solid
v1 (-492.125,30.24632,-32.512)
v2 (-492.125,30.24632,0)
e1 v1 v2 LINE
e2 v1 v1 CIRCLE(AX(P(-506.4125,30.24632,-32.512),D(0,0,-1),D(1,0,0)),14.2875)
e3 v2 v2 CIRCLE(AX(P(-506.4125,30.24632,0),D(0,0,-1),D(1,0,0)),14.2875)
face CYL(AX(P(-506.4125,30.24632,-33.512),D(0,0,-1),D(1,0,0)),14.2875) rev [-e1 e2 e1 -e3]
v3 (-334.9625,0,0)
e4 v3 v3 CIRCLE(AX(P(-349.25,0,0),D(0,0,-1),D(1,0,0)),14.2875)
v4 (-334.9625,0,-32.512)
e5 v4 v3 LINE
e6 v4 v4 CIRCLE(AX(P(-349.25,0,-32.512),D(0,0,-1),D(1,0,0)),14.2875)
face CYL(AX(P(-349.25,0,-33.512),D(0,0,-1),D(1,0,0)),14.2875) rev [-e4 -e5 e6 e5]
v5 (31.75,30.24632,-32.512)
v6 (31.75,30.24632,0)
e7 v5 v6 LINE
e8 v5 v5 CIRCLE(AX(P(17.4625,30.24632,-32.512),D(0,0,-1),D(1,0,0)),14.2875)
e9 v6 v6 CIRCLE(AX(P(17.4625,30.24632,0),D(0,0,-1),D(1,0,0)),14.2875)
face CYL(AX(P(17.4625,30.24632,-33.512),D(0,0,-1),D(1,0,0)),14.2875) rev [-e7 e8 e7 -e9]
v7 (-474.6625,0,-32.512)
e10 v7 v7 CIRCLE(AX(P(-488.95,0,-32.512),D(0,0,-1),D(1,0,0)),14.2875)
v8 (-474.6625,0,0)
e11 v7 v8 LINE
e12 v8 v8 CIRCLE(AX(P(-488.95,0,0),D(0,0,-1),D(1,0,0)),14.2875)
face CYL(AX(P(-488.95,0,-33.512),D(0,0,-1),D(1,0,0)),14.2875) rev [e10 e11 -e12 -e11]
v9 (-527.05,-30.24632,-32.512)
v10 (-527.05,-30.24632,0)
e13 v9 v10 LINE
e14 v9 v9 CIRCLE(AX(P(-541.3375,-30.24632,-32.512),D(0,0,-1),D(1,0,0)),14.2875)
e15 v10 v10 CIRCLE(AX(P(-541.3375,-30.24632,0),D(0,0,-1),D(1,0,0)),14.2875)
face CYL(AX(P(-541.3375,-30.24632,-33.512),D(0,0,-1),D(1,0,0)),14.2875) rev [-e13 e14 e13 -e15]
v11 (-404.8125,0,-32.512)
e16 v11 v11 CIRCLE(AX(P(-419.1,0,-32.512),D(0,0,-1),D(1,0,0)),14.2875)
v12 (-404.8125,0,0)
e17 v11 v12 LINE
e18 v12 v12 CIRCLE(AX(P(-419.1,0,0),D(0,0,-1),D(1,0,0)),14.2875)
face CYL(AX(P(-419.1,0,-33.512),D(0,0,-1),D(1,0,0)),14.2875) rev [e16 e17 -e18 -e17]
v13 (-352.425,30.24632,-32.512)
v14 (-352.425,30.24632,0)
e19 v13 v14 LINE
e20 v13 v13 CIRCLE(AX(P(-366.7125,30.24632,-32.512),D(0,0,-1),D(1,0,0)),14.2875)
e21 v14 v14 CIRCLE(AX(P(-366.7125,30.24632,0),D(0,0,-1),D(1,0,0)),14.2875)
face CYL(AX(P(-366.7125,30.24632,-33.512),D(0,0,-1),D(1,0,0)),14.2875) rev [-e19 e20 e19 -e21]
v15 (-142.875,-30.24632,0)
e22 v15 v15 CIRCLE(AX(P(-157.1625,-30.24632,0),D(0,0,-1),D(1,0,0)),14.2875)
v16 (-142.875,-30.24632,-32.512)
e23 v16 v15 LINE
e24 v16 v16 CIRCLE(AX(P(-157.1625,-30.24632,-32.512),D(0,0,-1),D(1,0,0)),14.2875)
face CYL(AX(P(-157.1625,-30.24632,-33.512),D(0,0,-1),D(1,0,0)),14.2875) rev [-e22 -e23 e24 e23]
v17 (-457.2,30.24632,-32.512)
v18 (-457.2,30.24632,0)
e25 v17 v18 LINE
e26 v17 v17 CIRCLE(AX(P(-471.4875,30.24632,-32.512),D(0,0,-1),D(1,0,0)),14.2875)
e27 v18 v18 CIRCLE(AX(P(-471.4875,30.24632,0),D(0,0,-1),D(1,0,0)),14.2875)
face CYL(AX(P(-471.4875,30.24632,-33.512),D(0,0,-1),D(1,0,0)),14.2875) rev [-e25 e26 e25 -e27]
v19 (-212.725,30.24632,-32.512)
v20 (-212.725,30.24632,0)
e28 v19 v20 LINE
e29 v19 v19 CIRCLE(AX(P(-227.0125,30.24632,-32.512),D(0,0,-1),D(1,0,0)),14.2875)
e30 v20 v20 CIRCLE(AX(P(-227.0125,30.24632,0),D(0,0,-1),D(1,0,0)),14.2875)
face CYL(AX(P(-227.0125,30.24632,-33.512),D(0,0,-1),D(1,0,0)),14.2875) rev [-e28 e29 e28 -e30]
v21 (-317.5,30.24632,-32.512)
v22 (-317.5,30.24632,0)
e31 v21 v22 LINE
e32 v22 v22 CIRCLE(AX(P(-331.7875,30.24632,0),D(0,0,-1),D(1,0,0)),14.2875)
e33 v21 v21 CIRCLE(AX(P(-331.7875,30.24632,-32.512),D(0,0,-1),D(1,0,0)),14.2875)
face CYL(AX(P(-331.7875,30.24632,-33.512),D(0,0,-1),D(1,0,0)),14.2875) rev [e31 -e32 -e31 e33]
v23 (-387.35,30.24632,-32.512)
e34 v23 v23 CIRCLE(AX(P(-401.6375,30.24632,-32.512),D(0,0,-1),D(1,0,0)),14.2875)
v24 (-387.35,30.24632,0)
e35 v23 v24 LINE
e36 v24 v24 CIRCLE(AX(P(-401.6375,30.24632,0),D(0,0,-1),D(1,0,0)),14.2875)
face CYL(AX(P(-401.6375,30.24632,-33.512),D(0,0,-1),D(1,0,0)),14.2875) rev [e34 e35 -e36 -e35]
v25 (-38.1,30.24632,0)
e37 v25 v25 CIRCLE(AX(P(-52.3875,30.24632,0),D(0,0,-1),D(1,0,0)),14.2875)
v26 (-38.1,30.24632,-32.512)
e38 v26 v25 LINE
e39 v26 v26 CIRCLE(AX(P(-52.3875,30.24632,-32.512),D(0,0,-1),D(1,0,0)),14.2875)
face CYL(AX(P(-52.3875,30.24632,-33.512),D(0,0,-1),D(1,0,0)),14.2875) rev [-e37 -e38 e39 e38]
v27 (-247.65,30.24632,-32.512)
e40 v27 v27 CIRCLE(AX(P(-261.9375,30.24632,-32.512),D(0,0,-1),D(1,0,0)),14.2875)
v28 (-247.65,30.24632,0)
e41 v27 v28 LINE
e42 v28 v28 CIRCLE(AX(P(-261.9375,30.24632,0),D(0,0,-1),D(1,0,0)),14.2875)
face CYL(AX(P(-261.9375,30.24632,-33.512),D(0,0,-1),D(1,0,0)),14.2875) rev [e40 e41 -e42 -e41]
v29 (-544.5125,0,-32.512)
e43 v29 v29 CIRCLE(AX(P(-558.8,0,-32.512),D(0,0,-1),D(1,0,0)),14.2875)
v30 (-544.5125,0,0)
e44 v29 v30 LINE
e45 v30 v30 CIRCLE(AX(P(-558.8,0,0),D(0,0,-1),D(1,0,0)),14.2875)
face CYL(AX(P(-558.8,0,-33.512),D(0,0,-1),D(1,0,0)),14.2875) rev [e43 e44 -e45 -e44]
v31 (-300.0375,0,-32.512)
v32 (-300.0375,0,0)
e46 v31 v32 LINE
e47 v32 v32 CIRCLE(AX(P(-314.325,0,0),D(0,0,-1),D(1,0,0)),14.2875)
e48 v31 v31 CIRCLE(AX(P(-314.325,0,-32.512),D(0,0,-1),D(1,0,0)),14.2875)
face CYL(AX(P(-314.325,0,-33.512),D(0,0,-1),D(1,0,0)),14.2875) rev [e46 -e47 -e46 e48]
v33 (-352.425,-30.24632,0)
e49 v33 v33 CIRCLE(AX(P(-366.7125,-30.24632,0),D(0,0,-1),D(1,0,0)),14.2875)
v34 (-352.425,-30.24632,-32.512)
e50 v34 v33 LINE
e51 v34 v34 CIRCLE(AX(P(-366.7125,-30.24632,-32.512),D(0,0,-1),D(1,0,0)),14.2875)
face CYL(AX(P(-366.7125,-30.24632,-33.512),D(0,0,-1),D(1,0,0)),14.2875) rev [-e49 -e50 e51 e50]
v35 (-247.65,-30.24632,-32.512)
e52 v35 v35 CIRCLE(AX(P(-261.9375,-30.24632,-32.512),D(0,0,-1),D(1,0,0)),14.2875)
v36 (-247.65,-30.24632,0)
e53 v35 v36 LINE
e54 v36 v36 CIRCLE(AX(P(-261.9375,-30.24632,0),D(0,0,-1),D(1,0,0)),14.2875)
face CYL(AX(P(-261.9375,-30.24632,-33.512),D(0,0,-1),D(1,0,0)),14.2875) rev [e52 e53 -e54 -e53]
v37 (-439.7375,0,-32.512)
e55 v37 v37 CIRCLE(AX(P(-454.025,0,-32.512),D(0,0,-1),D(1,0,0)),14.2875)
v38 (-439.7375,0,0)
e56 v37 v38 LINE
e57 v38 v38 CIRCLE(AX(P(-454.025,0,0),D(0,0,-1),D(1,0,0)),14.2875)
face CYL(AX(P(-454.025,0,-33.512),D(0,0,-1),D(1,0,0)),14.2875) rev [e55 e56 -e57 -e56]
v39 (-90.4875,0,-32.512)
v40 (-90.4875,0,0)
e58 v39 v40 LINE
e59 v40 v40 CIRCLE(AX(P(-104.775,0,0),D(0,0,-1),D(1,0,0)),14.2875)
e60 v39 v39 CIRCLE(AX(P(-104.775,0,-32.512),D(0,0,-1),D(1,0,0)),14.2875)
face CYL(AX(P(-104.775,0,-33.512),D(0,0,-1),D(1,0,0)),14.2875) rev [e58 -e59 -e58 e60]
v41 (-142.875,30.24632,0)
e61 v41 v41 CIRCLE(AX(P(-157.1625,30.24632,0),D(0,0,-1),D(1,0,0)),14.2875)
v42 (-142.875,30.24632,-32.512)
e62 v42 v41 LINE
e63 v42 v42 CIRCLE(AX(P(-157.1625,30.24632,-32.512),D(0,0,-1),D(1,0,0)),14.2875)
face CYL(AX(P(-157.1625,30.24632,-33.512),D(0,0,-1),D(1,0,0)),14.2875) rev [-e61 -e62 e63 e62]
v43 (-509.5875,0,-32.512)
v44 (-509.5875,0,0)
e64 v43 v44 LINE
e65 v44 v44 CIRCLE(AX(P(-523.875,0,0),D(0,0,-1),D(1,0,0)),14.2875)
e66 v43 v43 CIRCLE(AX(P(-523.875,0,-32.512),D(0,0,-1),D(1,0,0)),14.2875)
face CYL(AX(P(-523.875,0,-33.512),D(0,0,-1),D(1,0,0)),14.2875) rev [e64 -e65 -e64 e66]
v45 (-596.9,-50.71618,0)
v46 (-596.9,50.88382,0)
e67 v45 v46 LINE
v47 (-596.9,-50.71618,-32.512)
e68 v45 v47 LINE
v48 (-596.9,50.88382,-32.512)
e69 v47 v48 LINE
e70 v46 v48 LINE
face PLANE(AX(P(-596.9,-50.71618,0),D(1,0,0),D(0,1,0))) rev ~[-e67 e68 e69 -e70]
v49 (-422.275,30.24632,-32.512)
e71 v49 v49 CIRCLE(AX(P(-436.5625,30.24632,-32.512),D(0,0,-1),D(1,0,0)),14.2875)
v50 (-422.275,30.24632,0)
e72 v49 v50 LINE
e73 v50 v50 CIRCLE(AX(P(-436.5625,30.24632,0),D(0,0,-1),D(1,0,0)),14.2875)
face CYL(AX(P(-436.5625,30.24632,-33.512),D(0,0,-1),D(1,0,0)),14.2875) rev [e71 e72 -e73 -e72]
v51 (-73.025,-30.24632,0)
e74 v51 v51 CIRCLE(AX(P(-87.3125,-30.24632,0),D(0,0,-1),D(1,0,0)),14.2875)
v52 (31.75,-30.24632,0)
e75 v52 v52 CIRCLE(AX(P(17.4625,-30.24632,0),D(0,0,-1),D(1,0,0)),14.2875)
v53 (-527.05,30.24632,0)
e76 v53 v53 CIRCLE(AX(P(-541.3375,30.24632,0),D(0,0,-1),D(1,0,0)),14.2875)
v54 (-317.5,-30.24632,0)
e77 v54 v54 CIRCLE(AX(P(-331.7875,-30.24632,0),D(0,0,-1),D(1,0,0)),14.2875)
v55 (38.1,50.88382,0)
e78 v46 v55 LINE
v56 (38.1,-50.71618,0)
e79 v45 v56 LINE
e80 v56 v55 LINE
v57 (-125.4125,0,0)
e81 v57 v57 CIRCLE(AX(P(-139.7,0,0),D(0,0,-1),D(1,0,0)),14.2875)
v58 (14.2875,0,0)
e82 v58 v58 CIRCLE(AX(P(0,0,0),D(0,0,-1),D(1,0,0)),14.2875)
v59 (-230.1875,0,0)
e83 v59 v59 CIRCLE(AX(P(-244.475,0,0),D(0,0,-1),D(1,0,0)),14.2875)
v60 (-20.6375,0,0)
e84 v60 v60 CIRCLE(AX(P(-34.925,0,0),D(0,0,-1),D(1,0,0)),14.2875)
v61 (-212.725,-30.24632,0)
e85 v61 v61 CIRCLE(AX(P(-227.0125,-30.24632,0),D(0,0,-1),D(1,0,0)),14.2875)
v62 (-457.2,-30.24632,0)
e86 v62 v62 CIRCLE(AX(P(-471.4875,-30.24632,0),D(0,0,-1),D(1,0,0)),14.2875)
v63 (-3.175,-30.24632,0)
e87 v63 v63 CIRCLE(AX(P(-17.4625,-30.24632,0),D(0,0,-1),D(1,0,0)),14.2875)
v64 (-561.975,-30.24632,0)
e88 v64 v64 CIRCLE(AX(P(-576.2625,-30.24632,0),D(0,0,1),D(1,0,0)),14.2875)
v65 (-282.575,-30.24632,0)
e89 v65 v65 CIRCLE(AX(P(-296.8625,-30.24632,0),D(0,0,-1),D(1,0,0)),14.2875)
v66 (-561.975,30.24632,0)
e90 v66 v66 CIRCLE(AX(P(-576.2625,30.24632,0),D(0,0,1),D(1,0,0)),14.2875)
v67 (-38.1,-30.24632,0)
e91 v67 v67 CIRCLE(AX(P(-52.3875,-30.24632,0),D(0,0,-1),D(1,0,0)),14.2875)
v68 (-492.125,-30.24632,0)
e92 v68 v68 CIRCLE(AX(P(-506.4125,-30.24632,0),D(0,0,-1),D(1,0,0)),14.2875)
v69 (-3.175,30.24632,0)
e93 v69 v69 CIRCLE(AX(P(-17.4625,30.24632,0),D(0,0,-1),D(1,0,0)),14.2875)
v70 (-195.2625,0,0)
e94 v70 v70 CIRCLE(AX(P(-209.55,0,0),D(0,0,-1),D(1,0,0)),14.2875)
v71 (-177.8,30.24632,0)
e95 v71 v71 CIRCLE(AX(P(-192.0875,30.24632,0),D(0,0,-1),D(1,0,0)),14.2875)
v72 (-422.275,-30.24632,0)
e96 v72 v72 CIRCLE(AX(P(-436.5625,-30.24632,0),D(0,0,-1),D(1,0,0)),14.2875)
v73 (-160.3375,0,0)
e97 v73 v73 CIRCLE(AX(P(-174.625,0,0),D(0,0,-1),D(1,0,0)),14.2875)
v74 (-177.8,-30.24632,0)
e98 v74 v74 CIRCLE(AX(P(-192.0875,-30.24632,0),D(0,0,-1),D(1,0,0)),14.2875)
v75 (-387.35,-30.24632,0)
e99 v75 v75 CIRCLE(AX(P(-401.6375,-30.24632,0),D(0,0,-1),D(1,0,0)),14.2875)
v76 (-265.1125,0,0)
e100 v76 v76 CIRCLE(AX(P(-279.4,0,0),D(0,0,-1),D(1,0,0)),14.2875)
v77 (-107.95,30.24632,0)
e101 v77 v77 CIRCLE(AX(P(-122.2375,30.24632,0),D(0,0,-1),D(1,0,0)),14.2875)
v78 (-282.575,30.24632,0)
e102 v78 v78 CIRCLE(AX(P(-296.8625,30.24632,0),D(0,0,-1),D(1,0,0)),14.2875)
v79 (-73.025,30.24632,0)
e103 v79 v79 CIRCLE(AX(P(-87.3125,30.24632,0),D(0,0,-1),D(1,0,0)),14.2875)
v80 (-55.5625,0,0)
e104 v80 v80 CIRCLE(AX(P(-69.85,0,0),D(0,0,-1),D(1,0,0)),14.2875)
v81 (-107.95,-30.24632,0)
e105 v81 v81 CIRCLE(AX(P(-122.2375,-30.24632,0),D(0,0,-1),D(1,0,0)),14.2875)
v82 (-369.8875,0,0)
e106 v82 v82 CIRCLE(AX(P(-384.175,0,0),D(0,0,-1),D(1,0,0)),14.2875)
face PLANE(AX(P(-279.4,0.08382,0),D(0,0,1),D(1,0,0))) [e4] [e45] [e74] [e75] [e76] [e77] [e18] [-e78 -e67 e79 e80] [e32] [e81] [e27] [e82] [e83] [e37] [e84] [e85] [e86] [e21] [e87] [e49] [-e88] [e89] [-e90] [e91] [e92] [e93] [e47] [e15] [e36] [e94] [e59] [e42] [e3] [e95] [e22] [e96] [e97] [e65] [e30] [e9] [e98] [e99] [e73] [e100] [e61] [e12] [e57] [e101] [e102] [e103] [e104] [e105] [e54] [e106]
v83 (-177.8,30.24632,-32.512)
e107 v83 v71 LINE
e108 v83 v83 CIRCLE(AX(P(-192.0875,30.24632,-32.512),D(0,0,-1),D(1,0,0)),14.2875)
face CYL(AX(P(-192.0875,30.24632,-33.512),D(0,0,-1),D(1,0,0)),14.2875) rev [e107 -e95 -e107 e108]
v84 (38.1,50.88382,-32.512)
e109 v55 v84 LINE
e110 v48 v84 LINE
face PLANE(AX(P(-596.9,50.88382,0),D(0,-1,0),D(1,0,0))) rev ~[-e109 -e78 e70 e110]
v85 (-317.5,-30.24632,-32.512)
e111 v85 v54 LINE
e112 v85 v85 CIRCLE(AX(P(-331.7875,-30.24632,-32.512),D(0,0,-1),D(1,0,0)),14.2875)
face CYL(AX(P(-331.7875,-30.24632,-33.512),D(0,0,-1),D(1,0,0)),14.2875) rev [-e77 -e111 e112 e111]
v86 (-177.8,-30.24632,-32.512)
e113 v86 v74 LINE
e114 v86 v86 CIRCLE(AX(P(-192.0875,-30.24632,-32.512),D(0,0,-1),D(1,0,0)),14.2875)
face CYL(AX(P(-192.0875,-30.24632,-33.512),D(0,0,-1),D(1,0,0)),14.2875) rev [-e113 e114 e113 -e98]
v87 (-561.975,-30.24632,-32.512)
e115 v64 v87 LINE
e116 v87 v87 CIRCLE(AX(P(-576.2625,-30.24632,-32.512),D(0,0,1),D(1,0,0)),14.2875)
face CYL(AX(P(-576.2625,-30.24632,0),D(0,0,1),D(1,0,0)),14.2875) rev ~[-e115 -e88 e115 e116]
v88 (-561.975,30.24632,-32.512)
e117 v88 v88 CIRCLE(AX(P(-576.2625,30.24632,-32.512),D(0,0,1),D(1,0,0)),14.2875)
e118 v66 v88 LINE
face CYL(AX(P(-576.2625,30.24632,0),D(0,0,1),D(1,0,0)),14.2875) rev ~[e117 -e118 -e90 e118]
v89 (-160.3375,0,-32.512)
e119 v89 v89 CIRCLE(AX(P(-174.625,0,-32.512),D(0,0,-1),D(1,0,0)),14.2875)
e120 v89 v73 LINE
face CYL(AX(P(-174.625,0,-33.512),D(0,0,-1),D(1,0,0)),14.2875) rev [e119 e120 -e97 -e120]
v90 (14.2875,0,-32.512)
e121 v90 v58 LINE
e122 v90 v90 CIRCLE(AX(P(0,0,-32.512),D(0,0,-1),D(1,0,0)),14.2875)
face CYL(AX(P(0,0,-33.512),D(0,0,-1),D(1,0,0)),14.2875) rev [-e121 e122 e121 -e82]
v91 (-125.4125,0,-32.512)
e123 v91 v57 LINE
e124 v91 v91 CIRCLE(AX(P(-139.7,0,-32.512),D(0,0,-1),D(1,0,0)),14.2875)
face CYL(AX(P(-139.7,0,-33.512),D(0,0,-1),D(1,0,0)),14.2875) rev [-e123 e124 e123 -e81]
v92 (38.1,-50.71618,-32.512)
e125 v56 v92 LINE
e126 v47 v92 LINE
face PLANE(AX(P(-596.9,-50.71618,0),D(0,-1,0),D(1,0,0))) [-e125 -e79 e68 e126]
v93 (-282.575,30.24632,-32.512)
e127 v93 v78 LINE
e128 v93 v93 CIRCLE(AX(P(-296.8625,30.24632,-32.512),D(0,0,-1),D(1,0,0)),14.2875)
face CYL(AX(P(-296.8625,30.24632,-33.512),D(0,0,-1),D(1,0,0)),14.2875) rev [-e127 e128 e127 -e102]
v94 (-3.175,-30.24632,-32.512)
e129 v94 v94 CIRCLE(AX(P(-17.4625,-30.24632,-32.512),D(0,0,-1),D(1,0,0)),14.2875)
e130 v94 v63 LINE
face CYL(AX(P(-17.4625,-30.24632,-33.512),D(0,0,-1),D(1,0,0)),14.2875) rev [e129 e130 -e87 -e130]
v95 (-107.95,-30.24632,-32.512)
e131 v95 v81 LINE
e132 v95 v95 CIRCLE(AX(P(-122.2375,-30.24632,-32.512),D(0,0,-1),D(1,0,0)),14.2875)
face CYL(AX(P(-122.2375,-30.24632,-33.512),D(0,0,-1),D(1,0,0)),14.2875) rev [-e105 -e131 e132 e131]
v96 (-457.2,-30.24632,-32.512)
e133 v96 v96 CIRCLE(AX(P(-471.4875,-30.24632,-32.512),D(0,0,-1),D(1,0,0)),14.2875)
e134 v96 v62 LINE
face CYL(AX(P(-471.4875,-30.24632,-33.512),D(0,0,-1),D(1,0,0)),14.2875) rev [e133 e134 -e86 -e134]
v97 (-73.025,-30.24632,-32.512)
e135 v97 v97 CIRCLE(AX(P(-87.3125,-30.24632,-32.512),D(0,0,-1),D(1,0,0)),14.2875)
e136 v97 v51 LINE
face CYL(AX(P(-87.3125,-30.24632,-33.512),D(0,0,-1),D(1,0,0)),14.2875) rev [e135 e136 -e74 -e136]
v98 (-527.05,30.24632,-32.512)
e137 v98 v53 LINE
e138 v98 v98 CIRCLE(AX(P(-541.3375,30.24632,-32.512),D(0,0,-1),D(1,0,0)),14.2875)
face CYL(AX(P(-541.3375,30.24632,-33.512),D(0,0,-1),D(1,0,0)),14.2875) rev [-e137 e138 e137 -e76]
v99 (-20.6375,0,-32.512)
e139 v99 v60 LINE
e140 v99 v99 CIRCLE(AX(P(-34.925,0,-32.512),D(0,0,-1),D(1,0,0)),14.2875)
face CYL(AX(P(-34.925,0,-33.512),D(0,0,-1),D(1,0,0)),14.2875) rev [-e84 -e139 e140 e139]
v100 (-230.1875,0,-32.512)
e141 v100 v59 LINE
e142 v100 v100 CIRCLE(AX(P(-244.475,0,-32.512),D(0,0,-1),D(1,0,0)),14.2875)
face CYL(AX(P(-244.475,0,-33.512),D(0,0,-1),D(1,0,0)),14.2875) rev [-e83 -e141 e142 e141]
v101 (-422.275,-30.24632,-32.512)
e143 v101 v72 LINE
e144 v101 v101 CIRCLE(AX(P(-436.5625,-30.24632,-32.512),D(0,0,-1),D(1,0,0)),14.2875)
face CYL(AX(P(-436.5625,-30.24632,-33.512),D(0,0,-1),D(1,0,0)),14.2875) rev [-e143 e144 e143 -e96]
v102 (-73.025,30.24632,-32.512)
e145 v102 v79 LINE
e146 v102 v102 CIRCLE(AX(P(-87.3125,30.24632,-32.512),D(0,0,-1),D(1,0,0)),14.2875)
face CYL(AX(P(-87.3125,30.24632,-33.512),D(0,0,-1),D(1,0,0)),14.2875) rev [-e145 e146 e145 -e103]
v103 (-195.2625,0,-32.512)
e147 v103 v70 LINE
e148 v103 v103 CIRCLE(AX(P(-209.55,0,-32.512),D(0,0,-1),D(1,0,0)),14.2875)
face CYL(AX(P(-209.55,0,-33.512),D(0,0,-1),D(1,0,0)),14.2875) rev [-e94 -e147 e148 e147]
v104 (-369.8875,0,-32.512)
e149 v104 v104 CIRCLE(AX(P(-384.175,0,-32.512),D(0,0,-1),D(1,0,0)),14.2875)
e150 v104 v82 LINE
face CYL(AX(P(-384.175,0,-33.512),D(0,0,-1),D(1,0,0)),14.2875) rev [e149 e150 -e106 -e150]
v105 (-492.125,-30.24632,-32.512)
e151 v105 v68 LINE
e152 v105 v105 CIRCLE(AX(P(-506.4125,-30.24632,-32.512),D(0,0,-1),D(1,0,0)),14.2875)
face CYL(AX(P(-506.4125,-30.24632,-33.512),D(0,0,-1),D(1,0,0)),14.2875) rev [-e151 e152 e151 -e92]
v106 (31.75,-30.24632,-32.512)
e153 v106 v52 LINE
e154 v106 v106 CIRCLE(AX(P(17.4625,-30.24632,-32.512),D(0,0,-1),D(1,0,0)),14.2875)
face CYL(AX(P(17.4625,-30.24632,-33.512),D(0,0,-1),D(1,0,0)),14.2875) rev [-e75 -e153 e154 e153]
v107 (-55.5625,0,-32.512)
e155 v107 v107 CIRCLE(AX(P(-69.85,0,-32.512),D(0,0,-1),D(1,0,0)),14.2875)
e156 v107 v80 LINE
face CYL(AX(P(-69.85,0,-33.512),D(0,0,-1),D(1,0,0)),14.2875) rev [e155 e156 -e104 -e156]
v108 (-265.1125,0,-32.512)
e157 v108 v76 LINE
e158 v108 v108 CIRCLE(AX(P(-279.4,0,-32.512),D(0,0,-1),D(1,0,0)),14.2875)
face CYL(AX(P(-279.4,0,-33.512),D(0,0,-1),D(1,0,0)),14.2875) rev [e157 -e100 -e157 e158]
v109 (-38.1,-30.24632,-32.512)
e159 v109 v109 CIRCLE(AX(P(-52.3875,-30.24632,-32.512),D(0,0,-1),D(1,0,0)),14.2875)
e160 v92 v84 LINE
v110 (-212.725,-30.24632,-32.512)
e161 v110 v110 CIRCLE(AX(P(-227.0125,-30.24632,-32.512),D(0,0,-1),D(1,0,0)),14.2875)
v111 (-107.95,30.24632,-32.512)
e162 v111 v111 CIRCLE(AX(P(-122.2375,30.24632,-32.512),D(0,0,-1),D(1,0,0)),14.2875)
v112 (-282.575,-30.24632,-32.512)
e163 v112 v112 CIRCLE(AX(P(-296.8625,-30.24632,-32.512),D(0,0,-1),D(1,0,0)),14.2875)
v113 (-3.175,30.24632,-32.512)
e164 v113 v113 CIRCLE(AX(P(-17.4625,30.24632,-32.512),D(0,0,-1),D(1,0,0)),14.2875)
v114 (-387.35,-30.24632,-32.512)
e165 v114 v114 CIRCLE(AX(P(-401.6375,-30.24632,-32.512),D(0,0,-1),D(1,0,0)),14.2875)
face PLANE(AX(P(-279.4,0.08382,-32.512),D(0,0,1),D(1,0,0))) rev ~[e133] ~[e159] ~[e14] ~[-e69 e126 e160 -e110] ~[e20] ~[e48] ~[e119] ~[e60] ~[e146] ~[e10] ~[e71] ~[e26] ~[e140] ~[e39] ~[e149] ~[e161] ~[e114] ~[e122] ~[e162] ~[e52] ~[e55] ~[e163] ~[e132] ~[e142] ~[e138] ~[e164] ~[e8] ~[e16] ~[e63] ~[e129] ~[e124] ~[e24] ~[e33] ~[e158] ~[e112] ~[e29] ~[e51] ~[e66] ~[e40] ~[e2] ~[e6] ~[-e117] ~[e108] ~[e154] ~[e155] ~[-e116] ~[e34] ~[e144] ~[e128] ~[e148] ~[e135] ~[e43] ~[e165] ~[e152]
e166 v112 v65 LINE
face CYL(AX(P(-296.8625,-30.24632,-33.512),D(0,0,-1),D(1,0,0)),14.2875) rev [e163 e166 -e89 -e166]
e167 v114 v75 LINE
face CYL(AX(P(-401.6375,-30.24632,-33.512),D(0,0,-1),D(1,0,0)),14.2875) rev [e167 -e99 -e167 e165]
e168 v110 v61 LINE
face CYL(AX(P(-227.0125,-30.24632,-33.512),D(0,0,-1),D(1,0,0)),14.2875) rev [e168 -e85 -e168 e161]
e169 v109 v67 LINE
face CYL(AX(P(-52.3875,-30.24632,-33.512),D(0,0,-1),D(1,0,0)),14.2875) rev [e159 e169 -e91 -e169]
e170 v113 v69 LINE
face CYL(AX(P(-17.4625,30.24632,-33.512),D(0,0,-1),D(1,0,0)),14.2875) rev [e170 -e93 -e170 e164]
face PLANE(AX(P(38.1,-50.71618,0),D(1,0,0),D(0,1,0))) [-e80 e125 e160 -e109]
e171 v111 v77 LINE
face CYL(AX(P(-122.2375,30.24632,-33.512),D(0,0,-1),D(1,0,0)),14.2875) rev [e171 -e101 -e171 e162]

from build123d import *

# Parameters (mm, degrees)
SKETCH1_W               = 635
SKETCH1_H               = 101.6
BOSS_EXTRUDE1_DEPTH     = 32.512
CUT_EXTRUDE2_START      = -33.512
SKETCH1_3_R             = 14.2875
CUT_EXTRUDE2_DEPTH      = 34.512
LPATTERN1_COUNT         = 17
LPATTERN1_PITCH         = 34.925
SKETCH3_R               = 14.2875
CUT_EXTRUDE3_DEPTH      = 1
CUT_EXTRUDE3_DEPTH_BACK = 33.512


with BuildPart() as part:
    # Sketch1 → Boss-Extrude1 (new body)
    with BuildSketch(Plane.XY):
        with Locations((-279.4, 0.08382)):
            Rectangle(SKETCH1_W, SKETCH1_H)
    extrude(amount=-BOSS_EXTRUDE1_DEPTH)

    # Sketch1<3> → Cut-Extrude2 (cut)
    with BuildSketch(Plane.XY.offset(CUT_EXTRUDE2_START)):
        Circle(SKETCH1_3_R)
        with Locations((17.4625, 30.24632)):
            Circle(SKETCH1_3_R)
        with Locations((17.4625, -30.24632)):
            Circle(SKETCH1_3_R)
    cut_extrude2 = extrude(amount=CUT_EXTRUDE2_DEPTH, mode=Mode.SUBTRACT)

    # LPattern1: Cut-Extrude2 ×17
    with Locations(*[(-i * LPATTERN1_PITCH, 0, 0) for i in range(1, LPATTERN1_COUNT)]):
        add(cut_extrude2, mode=Mode.SUBTRACT)

    # Sketch3 → Cut-Extrude3 (cut, two sides)
    with BuildSketch(Plane.XY) as cut_extrude3_sk:
        with Locations((-576.2625, 30.24632)):
            Circle(SKETCH3_R)
        with Locations((-576.2625, -30.24632)):
            Circle(SKETCH3_R)
    extrude(amount=CUT_EXTRUDE3_DEPTH, mode=Mode.SUBTRACT)
    extrude(cut_extrude3_sk.sketch, amount=-CUT_EXTRUDE3_DEPTH_BACK, mode=Mode.SUBTRACT)


solid = part.part
